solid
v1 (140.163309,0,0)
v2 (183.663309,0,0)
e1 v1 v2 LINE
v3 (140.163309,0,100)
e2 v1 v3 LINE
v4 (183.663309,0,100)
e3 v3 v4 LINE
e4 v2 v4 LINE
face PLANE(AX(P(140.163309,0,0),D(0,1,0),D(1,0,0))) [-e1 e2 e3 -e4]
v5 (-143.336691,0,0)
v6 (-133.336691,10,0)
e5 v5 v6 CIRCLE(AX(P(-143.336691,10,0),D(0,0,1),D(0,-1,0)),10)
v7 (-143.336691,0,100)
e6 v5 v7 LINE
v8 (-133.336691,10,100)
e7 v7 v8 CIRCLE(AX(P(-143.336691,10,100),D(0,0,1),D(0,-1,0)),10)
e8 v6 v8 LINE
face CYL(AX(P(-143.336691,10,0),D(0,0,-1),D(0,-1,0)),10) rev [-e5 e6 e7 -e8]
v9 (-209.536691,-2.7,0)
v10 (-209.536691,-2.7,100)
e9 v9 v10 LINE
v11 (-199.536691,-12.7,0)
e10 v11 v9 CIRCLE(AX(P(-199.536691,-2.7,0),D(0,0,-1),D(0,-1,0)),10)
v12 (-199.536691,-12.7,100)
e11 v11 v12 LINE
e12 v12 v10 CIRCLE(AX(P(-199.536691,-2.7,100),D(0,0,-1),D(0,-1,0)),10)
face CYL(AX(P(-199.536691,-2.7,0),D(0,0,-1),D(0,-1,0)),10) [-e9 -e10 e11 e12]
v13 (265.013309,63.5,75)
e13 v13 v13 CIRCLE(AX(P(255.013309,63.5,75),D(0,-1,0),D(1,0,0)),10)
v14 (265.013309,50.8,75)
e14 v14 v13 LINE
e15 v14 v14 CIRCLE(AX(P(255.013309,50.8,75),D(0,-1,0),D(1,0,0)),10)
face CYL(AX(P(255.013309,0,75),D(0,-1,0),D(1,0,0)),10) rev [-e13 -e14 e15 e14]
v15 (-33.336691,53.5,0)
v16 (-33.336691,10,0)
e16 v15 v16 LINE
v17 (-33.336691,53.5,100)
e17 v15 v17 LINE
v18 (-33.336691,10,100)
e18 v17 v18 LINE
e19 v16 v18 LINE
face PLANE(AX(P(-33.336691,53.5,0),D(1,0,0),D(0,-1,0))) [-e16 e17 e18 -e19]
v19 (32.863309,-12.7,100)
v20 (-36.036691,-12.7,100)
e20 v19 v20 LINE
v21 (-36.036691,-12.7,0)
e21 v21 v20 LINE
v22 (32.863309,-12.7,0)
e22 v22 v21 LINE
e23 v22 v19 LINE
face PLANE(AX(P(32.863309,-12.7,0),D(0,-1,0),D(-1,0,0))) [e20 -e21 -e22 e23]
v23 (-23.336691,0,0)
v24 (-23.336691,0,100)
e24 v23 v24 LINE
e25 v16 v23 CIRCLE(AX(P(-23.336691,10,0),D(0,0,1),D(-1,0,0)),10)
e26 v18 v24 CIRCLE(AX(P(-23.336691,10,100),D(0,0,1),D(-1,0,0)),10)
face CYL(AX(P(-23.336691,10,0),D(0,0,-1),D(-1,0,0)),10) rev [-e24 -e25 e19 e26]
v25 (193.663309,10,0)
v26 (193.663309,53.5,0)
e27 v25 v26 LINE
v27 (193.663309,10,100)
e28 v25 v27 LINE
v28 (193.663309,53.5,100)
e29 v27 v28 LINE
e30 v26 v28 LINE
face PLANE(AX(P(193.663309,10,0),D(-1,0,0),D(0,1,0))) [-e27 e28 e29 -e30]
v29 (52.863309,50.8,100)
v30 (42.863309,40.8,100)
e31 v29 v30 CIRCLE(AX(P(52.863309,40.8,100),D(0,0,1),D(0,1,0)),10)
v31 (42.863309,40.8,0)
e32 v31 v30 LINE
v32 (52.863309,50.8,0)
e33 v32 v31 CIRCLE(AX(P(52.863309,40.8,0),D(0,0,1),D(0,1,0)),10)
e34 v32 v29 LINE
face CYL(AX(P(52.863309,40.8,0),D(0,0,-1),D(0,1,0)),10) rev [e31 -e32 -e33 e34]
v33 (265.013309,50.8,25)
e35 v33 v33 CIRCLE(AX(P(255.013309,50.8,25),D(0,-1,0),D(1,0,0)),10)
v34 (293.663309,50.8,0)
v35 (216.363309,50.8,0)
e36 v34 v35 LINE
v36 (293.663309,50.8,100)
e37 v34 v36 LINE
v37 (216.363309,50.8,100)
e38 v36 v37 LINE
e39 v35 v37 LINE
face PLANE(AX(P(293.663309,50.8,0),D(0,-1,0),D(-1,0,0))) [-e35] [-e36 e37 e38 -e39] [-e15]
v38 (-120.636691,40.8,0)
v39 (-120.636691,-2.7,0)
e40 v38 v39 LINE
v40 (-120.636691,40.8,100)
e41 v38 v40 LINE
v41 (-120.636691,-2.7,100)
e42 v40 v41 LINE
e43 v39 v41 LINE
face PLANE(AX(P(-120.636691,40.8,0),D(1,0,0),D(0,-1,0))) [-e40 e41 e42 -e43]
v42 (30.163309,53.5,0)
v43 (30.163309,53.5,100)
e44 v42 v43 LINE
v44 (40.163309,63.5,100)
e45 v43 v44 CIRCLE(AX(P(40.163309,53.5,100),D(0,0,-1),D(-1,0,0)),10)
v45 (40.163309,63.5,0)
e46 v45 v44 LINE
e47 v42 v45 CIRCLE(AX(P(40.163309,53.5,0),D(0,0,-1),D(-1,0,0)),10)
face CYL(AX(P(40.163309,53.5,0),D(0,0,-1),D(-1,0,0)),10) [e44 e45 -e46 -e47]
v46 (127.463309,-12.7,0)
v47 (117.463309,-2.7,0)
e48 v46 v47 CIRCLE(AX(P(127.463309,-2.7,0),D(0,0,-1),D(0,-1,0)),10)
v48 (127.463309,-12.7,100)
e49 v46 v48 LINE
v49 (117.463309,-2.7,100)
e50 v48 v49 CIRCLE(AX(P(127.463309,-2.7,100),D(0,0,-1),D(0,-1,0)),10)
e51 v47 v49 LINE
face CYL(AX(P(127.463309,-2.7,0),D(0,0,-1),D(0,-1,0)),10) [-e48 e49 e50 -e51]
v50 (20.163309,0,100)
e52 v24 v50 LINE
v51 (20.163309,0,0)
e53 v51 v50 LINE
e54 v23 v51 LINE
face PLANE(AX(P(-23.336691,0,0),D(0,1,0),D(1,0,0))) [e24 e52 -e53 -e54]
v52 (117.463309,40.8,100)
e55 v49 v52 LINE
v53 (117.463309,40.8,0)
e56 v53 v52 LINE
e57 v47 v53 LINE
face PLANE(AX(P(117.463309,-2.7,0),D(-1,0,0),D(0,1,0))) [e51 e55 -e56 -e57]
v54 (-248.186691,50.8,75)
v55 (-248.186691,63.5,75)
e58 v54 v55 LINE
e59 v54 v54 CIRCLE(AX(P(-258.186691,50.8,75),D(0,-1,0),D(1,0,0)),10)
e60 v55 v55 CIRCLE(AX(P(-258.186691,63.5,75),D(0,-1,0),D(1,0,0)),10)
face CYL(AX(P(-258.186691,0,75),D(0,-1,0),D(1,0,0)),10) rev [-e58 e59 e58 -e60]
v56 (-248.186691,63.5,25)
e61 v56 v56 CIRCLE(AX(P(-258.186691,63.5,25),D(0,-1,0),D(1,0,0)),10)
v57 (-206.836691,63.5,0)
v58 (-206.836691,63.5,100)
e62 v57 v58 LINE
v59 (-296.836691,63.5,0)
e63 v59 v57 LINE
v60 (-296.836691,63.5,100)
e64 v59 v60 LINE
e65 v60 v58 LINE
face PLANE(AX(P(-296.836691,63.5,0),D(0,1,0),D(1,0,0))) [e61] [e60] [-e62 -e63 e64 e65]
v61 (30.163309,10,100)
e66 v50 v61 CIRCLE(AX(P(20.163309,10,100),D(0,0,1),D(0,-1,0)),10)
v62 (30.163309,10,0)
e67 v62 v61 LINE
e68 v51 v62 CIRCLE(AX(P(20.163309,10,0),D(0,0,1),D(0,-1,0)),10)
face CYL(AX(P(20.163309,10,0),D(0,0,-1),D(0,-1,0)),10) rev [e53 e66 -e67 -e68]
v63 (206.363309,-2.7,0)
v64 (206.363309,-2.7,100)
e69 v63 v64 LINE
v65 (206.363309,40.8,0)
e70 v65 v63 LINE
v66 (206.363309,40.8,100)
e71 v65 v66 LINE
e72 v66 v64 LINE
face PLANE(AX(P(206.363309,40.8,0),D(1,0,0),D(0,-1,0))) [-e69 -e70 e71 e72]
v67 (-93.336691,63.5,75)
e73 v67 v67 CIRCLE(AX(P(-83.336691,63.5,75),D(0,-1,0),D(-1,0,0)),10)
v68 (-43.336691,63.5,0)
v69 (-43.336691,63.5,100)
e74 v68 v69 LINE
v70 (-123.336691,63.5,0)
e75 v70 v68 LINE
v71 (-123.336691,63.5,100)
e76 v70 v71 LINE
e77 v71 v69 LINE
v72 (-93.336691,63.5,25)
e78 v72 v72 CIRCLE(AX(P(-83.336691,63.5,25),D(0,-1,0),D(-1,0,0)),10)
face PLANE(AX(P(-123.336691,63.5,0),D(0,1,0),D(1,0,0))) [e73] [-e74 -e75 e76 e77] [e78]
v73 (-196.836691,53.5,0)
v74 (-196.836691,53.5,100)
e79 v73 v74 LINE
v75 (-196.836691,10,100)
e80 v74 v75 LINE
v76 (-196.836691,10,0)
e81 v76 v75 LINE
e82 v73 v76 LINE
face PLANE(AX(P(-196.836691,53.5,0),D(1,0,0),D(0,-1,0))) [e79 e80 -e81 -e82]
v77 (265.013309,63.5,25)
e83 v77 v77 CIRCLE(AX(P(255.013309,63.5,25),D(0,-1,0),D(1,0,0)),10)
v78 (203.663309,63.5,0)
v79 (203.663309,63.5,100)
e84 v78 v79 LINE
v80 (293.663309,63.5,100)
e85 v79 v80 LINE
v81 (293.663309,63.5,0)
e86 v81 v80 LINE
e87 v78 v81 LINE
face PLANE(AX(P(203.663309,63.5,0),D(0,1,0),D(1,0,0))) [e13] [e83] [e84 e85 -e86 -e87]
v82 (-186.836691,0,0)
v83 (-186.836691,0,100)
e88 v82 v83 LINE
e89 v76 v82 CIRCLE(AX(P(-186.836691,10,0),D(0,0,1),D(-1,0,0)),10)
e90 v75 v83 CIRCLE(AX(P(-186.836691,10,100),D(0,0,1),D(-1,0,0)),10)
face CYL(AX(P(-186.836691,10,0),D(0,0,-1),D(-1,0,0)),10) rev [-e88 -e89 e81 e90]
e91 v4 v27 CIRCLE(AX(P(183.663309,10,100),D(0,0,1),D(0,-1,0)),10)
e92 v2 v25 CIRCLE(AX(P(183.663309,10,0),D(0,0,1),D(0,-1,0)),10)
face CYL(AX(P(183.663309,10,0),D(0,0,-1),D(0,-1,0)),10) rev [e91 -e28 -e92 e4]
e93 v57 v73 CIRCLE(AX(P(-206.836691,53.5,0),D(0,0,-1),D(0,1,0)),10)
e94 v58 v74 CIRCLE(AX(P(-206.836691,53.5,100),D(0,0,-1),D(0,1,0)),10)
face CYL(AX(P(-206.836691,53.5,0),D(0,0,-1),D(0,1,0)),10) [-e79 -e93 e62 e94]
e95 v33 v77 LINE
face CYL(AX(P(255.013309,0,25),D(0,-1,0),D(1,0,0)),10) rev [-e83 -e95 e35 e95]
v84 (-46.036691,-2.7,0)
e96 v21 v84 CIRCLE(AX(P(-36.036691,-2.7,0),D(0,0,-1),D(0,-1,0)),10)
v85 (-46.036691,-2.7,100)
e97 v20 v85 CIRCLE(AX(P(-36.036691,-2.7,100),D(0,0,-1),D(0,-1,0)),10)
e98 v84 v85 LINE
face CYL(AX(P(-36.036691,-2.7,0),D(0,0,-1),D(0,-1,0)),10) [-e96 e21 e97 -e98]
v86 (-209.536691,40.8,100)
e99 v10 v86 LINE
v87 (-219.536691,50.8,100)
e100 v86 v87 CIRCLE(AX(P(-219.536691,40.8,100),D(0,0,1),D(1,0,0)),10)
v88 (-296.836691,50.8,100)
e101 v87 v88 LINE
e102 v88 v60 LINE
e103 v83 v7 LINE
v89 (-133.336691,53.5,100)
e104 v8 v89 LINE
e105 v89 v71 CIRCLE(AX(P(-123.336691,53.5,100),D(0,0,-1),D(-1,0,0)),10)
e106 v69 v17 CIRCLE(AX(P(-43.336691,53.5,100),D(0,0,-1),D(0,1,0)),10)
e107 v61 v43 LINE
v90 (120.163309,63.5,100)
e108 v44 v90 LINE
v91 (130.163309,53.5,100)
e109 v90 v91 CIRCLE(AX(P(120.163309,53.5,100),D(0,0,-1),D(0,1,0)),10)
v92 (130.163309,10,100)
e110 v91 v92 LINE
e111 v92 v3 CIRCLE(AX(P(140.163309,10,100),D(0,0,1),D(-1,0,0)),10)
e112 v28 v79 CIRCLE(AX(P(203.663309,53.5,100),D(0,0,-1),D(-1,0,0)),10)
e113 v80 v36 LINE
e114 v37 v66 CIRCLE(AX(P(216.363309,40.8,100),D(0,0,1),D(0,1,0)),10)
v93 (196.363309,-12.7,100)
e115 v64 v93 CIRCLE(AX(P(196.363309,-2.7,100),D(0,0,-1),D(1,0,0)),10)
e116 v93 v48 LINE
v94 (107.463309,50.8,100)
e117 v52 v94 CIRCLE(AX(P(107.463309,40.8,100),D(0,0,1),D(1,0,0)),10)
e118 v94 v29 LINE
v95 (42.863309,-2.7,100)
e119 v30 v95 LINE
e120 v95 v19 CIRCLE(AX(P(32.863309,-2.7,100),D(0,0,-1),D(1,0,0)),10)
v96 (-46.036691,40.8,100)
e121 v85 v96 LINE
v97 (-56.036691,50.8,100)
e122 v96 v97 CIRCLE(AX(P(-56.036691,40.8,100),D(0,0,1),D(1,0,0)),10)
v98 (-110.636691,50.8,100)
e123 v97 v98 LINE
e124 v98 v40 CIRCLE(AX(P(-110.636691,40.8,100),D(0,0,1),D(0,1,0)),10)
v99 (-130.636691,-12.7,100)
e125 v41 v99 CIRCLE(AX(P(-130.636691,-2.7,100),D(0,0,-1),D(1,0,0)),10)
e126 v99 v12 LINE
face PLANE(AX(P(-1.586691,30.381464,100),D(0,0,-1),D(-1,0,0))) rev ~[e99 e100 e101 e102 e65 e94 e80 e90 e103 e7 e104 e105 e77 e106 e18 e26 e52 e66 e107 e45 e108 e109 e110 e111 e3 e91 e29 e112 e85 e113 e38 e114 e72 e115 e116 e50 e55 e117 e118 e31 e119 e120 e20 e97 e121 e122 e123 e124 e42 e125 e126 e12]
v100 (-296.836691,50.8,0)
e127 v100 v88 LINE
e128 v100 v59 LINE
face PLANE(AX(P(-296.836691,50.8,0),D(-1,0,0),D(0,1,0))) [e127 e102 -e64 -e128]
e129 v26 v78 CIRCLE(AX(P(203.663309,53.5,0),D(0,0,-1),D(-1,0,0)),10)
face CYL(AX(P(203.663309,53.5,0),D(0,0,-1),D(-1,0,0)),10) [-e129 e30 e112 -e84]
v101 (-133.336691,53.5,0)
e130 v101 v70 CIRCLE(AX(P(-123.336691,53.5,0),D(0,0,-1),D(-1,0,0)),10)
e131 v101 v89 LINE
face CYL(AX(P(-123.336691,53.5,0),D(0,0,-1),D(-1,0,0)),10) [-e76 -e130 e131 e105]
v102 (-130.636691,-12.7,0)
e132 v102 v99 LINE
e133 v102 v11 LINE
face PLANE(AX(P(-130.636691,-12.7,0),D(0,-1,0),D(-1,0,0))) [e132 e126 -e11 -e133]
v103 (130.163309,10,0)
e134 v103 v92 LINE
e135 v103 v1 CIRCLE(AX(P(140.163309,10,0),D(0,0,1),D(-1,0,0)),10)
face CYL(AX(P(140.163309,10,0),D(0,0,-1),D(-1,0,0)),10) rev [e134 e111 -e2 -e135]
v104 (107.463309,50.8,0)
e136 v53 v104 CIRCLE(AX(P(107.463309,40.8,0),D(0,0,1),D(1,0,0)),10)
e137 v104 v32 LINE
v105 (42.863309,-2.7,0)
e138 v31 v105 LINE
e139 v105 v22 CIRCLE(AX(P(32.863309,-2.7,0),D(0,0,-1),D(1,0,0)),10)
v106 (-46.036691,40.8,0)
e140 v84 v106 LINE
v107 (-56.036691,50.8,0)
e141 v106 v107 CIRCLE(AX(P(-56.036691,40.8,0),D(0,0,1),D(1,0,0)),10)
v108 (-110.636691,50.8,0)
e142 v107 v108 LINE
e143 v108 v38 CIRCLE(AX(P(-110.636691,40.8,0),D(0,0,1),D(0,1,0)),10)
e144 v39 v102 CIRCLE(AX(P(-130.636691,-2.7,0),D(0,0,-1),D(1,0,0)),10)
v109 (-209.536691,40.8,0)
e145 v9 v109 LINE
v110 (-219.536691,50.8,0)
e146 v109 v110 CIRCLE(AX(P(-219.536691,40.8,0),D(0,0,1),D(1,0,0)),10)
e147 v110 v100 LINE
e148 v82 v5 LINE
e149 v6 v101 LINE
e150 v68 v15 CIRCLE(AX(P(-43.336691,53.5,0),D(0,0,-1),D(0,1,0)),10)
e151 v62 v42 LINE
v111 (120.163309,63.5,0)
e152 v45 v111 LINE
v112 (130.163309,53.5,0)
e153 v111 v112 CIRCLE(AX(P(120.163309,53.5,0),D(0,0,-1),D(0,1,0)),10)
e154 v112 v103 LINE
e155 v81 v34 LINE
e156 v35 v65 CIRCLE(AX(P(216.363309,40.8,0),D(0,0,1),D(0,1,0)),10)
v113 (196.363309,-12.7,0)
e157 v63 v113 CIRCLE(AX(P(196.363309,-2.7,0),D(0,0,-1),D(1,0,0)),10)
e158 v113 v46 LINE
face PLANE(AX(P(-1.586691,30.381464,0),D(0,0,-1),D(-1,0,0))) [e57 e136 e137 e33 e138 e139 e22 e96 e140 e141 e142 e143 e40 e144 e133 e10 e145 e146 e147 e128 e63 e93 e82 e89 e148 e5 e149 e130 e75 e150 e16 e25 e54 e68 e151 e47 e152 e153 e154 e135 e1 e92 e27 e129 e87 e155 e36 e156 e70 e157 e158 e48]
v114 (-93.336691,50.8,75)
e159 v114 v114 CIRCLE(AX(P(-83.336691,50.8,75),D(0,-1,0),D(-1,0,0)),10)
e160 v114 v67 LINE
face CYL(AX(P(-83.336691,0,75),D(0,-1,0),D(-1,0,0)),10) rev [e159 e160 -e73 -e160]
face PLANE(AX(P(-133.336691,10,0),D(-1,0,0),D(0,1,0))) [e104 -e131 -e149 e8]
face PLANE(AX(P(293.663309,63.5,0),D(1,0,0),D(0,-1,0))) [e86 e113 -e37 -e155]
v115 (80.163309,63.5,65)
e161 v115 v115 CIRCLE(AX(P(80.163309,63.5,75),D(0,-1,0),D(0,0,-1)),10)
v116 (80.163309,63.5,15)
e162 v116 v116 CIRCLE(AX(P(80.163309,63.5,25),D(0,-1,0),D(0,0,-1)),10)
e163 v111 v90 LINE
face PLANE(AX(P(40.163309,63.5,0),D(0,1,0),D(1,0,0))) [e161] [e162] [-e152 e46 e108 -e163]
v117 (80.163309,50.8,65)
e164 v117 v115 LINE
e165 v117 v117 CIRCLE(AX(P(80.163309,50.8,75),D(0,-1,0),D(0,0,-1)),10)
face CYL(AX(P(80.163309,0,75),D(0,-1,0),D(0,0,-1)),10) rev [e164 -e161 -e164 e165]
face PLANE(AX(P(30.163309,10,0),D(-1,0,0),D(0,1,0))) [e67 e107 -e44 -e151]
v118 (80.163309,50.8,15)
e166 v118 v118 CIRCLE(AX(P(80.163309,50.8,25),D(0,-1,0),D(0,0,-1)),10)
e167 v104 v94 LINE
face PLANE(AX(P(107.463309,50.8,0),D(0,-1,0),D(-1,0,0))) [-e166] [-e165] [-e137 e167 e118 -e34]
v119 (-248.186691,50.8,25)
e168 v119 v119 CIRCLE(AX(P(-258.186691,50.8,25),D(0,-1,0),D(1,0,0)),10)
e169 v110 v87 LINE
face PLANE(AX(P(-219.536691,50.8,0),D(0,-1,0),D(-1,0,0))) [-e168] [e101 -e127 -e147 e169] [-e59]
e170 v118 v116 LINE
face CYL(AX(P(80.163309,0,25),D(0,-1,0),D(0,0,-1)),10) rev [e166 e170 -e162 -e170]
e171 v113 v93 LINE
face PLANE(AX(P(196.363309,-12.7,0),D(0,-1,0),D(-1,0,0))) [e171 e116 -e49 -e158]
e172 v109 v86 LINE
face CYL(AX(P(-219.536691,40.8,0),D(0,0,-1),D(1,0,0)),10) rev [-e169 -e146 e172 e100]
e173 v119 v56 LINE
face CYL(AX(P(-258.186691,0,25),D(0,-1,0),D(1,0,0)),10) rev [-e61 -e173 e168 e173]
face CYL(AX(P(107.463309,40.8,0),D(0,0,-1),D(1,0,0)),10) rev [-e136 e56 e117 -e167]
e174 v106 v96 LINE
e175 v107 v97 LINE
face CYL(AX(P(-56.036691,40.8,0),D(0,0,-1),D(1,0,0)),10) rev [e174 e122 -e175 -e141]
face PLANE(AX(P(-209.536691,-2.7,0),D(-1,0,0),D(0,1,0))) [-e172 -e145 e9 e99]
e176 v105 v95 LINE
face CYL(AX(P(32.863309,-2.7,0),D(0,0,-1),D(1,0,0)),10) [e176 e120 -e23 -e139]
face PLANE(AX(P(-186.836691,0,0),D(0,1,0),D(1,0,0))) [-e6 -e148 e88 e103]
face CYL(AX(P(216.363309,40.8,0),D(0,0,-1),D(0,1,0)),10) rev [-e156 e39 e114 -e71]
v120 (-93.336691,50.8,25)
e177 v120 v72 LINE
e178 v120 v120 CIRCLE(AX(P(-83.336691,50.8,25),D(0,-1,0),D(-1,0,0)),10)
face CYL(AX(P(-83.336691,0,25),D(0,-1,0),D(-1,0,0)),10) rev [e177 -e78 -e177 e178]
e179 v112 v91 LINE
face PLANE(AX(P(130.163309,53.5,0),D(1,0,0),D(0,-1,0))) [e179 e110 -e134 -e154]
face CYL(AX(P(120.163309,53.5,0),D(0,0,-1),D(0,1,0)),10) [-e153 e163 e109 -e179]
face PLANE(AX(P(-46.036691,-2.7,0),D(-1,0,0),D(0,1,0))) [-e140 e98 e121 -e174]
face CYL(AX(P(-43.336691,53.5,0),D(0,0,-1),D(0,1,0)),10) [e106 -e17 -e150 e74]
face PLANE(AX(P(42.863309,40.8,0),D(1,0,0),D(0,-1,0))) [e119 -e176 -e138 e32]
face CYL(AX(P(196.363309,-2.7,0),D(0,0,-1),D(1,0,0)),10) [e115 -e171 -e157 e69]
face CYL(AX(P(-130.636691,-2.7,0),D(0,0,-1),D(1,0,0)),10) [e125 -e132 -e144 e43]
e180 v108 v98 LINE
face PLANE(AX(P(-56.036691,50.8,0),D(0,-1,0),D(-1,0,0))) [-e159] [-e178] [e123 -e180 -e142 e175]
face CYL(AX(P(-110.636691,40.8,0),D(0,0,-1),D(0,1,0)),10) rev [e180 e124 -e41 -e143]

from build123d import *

# Parameters (mm, degrees)
BOSS_EXTRUDE1_DEPTH = 100
SKETCH2_R           = 10
CUT_EXTRUDE1_DEPTH  = 140.26


with BuildPart() as part:
    # Sketch1 → Boss-Extrude1 (new body)
    with BuildSketch(Plane.XY):
        with BuildLine():
            Line((-23.336691171, 0), (20.163308829, 0))
            ThreePointArc((20.163308829, 0), (27.234376641, 2.928932188), (30.163308829, 10))
            Line((30.163308829, 10), (30.163308829, 53.5))
            ThreePointArc((30.163308829, 53.5), (33.092241017, 60.571067812), (40.163308829, 63.5))
            Line((40.163308829, 63.5), (80.163308829, 63.5))
            Line((80.163308829, 63.5), (120.163308829, 63.5))
            ThreePointArc((120.163308829, 63.5), (127.234376641, 60.571067812), (130.163308829, 53.5))
            Line((130.163308829, 53.5), (130.163308829, 10))
            ThreePointArc((130.163308829, 10), (133.092241017, 2.928932188), (140.163308829, 0))
            Line((140.163308829, 0), (183.663308829, 0))
            ThreePointArc((183.663308829, 0), (190.734376641, 2.928932188), (193.663308829, 10))
            Line((193.663308829, 10), (193.663308829, 53.5))
            ThreePointArc((193.663308829, 53.5), (196.592241017, 60.571067812), (203.663308829, 63.5))
            Line((203.663308829, 63.5), (293.663308829, 63.5))
            Line((293.663308829, 63.5), (293.663308829, 50.8))
            Line((293.663308829, 50.8), (216.363308829, 50.8))
            ThreePointArc((216.363308829, 50.8), (209.292241017, 47.871067812), (206.363308829, 40.8))
            Line((206.363308829, 40.8), (206.363308829, -2.7))
            ThreePointArc((206.363308829, -2.7), (203.434376641, -9.771067812), (196.363308829, -12.7))
            Line((196.363308829, -12.7), (127.463308829, -12.7))
            ThreePointArc((127.463308829, -12.7), (120.392241017, -9.771067812), (117.463308829, -2.7))
            Line((117.463308829, -2.7), (117.463308829, 40.8))
            ThreePointArc((117.463308829, 40.8), (114.534376641, 47.871067812), (107.463308829, 50.8))
            Line((107.463308829, 50.8), (80.163308829, 50.8))
            Line((80.163308829, 50.8), (52.863308829, 50.8))
            ThreePointArc((52.863308829, 50.8), (45.792241017, 47.871067812), (42.863308829, 40.8))
            Line((42.863308829, 40.8), (42.863308829, -2.7))
            ThreePointArc((42.863308829, -2.7), (39.934376641, -9.771067812), (32.863308829, -12.7))
            Line((32.863308829, -12.7), (-36.036691171, -12.7))
            ThreePointArc((-36.036691171, -12.7), (-43.107758983, -9.771067812), (-46.036691171, -2.7))
            Line((-46.036691171, -2.7), (-46.036691171, 40.8))
            ThreePointArc((-46.036691171, 40.8), (-48.965623359, 47.871067812), (-56.036691171, 50.8))
            Line((-56.036691171, 50.8), (-83.336691171, 50.8))
            Line((-83.336691171, 50.8), (-110.636691171, 50.8))
            ThreePointArc((-110.636691171, 50.8), (-117.707758983, 47.871067812), (-120.636691171, 40.8))
            Line((-120.636691171, 40.8), (-120.636691171, -2.7))
            ThreePointArc((-120.636691171, -2.7), (-123.565623359, -9.771067812), (-130.636691171, -12.7))
            Line((-130.636691171, -12.7), (-199.536691171, -12.7))
            ThreePointArc((-199.536691171, -12.7), (-206.607758983, -9.771067812), (-209.536691171, -2.7))
            Line((-209.536691171, -2.7), (-209.536691171, 40.8))
            ThreePointArc((-209.536691171, 40.8), (-212.465623359, 47.871067812), (-219.536691171, 50.8))
            Line((-219.536691171, 50.8), (-296.836691171, 50.8))
            Line((-296.836691171, 50.8), (-296.836691171, 63.5))
            Line((-296.836691171, 63.5), (-206.836691171, 63.5))
            ThreePointArc((-206.836691171, 63.5), (-199.765623359, 60.571067812), (-196.836691171, 53.5))
            Line((-196.836691171, 53.5), (-196.836691171, 10))
            ThreePointArc((-196.836691171, 10), (-193.907758983, 2.928932188), (-186.836691171, 0))
            Line((-186.836691171, 0), (-143.336691171, 0))
            ThreePointArc((-143.336691171, 0), (-136.265623359, 2.928932188), (-133.336691171, 10))
            Line((-133.336691171, 10), (-133.336691171, 53.5))
            ThreePointArc((-133.336691171, 53.5), (-130.407758983, 60.571067812), (-123.336691171, 63.5))
            Line((-123.336691171, 63.5), (-83.336691171, 63.5))
            Line((-83.336691171, 63.5), (-43.336691171, 63.5))
            ThreePointArc((-43.336691171, 63.5), (-36.265623359, 60.571067812), (-33.336691171, 53.5))
            Line((-33.336691171, 53.5), (-33.336691171, 10))
            ThreePointArc((-33.336691171, 10), (-30.407758983, 2.928932188), (-23.336691171, 0))
        make_face()
    extrude(amount=BOSS_EXTRUDE1_DEPTH)

    # Sketch2 → Cut-Extrude1 (cut)
    with BuildSketch(Plane(origin=(0, 0, 0), x_dir=(1, 0, 0), z_dir=(0, 1, 0))):
        with Locations((-258.186691171, -75)):
            Circle(SKETCH2_R)
        with Locations((-258.186691171, -25)):
            Circle(SKETCH2_R)
        with Locations(Location((-83.336691171, -75, 0), (0, 0, 180))):
            Circle(SKETCH2_R)
        with Locations(Location((-83.336691171, -25, 0), (0, 0, 180))):
            Circle(SKETCH2_R)
        with Locations(Location((80.163308829, -75, 0), (0, 0, 90))):
            Circle(SKETCH2_R)
        with Locations(Location((80.163308829, -25, 0), (0, 0, 90))):
            Circle(SKETCH2_R)
        with Locations((255.013308829, -75)):
            Circle(SKETCH2_R)
        with Locations((255.013308829, -25)):
            Circle(SKETCH2_R)
    extrude(amount=CUT_EXTRUDE1_DEPTH, mode=Mode.SUBTRACT)


solid = part.part
